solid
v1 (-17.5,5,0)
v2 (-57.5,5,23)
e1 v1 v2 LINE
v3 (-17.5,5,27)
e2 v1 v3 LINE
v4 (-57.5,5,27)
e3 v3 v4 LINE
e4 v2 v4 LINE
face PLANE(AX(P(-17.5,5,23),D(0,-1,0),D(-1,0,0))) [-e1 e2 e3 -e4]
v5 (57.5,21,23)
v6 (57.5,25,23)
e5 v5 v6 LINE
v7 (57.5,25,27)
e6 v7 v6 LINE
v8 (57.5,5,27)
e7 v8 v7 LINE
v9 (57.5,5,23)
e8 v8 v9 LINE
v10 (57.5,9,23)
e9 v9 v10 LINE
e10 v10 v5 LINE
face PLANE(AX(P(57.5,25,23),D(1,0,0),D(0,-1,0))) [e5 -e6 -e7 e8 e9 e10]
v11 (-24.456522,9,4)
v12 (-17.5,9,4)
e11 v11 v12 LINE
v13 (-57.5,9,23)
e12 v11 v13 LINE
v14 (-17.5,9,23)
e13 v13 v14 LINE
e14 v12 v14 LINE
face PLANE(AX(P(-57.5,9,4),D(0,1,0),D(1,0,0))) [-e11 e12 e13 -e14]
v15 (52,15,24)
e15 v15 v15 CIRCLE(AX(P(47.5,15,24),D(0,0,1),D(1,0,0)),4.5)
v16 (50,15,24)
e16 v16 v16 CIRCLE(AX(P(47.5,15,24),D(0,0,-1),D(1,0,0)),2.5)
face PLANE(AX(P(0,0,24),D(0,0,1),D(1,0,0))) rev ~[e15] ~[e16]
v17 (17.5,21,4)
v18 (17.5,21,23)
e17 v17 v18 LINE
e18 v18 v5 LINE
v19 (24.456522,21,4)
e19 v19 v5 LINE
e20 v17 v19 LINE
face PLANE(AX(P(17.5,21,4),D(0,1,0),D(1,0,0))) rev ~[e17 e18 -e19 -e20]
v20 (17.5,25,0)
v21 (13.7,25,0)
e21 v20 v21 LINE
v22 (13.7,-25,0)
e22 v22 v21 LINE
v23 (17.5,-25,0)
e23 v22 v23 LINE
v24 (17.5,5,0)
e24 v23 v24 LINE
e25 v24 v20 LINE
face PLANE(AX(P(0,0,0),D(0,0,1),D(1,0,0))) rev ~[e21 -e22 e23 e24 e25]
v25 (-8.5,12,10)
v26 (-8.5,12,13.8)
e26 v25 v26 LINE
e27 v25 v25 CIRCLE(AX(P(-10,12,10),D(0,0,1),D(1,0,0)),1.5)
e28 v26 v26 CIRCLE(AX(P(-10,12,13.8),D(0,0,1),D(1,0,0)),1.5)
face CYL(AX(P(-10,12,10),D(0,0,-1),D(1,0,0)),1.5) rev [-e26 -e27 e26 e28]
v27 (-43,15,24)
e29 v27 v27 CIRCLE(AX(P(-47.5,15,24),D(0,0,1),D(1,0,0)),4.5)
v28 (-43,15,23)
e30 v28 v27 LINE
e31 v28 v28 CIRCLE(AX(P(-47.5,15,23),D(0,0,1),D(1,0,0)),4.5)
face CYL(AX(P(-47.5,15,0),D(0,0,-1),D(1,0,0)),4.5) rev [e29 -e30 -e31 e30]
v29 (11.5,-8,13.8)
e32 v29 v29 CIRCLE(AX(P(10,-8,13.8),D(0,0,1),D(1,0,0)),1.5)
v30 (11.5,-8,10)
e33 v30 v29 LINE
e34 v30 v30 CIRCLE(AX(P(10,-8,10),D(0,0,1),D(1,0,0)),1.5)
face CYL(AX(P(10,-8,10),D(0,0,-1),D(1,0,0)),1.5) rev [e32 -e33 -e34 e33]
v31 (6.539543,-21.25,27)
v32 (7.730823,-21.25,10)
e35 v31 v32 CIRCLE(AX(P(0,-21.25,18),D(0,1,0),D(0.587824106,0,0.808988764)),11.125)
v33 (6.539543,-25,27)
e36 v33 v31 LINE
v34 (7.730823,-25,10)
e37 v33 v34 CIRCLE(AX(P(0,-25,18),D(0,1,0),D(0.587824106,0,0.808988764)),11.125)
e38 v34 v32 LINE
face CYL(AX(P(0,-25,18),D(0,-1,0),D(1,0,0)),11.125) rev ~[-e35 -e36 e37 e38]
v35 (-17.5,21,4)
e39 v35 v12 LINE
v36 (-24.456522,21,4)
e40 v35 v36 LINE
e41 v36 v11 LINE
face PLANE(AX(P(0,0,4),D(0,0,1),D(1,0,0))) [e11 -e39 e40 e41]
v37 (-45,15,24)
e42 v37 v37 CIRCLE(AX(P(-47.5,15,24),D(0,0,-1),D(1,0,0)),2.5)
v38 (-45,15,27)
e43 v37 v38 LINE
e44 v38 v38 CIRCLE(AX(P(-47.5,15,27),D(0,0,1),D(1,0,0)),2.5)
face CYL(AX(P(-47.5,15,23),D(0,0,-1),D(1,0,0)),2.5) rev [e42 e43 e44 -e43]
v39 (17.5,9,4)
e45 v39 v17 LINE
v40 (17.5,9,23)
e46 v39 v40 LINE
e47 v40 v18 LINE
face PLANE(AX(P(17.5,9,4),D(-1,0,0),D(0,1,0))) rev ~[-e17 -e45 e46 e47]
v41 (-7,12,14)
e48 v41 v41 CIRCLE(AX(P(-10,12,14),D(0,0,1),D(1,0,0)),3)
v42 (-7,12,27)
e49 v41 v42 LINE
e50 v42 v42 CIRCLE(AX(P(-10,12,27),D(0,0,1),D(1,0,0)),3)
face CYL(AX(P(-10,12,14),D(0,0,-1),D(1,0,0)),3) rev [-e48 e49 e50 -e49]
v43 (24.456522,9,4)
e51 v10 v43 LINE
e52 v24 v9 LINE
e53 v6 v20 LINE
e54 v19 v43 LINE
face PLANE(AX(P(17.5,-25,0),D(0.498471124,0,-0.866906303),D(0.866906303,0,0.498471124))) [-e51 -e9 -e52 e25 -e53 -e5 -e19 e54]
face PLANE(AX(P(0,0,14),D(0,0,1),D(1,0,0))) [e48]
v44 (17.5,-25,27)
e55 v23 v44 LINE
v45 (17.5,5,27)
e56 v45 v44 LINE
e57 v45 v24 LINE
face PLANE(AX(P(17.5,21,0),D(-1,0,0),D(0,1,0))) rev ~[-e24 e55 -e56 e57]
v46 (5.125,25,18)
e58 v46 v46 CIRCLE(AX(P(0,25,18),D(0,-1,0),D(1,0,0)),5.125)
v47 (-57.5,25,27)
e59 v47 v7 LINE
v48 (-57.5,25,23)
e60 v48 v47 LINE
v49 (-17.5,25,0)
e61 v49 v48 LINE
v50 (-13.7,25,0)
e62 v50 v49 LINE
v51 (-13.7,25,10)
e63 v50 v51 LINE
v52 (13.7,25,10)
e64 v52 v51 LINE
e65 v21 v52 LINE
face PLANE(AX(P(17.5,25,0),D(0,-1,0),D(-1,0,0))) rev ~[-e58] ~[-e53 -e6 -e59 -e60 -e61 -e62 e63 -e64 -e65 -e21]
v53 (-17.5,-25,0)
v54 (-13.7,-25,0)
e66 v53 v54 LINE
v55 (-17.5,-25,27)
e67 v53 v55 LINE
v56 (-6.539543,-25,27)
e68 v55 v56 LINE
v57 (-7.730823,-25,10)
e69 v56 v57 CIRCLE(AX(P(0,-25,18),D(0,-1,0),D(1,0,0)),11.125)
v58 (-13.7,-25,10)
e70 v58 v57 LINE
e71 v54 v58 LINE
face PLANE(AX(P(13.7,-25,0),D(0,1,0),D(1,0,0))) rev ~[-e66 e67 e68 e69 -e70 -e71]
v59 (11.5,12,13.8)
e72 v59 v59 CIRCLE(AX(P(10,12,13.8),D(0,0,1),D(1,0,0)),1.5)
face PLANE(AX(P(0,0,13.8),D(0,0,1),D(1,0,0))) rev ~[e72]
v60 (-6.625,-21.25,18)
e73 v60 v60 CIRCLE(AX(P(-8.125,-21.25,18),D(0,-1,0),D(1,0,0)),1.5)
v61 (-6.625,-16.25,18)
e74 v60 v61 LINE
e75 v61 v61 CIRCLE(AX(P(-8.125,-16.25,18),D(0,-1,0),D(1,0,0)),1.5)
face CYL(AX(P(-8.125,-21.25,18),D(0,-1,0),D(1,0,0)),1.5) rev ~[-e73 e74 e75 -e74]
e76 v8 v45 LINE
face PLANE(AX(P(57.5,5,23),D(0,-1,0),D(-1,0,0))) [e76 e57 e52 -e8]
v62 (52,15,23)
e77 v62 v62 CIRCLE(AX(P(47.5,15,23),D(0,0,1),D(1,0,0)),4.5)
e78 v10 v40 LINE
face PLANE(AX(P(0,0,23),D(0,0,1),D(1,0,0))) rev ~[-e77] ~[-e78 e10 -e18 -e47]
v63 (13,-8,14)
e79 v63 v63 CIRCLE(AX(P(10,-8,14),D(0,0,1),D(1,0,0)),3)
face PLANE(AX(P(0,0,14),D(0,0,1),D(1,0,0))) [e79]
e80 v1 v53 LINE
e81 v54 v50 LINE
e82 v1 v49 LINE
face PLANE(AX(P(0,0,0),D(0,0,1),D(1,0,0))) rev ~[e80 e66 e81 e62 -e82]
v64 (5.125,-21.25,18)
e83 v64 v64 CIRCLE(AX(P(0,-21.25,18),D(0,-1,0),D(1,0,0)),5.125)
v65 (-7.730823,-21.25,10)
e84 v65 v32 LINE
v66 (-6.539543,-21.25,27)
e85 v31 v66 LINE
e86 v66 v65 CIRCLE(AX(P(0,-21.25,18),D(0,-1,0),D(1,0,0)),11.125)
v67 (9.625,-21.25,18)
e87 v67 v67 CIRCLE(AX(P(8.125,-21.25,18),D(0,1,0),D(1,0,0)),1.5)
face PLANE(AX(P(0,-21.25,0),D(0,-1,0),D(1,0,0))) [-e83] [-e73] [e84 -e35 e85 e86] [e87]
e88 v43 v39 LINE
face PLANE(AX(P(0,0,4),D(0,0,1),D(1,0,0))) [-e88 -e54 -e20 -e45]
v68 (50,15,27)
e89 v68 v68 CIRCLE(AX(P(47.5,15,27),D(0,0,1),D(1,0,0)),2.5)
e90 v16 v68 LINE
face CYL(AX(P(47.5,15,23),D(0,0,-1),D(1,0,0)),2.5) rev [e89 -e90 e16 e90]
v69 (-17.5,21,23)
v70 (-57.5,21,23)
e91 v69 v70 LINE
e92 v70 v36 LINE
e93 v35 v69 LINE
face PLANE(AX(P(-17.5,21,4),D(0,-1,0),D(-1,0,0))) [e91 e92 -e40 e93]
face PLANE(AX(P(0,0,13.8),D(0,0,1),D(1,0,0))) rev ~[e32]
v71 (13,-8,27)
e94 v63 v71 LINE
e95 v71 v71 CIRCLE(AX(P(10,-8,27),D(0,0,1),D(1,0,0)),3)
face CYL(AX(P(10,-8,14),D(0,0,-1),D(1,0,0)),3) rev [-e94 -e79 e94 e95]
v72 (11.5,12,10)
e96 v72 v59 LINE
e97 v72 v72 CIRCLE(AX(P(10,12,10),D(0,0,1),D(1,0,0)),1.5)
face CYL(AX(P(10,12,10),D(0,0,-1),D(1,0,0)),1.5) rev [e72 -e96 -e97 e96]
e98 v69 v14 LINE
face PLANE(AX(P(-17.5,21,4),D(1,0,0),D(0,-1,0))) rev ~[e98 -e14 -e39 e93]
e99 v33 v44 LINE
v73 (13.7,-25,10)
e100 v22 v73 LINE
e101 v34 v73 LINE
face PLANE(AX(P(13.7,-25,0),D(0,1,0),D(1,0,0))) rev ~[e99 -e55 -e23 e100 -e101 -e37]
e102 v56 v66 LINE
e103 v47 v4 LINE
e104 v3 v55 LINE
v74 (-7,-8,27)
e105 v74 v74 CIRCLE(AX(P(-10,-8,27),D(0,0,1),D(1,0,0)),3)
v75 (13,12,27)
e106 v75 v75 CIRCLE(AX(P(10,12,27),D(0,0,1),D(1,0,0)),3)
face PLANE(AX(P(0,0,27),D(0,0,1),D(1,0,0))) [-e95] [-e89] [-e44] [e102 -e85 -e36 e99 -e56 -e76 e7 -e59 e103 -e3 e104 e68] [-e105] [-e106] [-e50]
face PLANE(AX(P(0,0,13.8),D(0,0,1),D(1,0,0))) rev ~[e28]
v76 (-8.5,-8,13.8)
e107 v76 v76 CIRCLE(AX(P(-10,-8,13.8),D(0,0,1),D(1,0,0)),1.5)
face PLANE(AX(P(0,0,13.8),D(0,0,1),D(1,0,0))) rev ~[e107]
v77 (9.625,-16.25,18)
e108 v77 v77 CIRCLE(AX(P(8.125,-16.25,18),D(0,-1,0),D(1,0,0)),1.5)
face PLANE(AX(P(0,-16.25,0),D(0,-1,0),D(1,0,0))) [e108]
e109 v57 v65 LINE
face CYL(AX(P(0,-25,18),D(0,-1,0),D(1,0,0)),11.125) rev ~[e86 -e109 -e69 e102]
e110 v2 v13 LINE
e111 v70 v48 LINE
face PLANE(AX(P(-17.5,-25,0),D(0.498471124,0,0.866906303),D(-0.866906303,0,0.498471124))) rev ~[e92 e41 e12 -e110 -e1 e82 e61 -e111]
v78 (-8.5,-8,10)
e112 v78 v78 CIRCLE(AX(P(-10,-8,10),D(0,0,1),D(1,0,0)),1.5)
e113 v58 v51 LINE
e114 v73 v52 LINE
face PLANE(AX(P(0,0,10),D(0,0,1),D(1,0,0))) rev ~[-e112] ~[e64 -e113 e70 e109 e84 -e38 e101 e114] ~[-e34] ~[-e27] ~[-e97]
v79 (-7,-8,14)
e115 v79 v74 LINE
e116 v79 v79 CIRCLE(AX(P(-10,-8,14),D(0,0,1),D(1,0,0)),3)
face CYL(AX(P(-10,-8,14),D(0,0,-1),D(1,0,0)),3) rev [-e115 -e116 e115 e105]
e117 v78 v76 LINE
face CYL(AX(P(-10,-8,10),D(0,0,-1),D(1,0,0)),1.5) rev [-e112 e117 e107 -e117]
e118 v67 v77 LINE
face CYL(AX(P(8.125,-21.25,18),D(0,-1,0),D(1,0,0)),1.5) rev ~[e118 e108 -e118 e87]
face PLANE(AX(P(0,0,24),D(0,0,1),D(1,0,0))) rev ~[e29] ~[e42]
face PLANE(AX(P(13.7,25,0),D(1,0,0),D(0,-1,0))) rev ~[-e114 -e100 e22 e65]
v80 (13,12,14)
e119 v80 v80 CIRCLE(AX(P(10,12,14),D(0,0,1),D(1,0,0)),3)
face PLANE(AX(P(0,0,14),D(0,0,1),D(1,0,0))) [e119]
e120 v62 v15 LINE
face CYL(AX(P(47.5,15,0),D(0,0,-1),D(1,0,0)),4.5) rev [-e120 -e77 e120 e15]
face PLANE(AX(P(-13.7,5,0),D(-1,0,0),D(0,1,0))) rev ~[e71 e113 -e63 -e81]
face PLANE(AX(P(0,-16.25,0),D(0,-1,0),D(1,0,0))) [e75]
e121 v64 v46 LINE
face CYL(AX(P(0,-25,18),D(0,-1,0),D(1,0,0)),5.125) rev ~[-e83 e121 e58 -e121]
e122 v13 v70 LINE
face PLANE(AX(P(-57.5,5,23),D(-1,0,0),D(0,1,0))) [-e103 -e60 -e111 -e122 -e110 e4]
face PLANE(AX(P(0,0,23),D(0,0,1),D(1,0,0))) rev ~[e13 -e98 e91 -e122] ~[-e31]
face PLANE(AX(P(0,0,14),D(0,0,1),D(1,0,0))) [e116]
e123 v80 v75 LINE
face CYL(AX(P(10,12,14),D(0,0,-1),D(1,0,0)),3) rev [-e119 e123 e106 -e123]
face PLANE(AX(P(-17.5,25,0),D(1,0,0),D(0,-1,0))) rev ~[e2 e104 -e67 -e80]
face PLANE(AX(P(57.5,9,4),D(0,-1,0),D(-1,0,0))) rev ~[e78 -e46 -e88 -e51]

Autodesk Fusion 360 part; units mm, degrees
sketch "Sketch1" plane through (0, 0, 0) normal (0, 0, 1) x (1, 0, 0)
  line L0 (17.5, 25) -> (-17.5, 25)
  line L1 (-17.5, 25) -> (-17.5, -25)
  line L2 (-17.5, -25) -> (17.5, -25)
  line L3 (17.5, -25) -> (17.5, 25)
  line L4 (17.5, 25) -> (-17.5, -25) construction
  line L5 (-17.5, 25) -> (17.5, -25) construction
  line L6 (-13.7, 25) -> (13.7, 25)
  line L7 (13.7, 25) -> (13.7, -25)
  line L8 (13.7, -25) -> (-13.7, -25)
  line L9 (-13.7, -25) -> (-13.7, 25)
  line L10 (-57.5, 25) -> (57.5, 25)
  line L11 (57.5, 25) -> (57.5, 5)
  line L12 (57.5, 5) -> (-57.5, 5)
  line L13 (-57.5, 5) -> (-57.5, 25)
  line L14 (17.5, -8) -> (-17.5, -8) construction
  line L15 (17.5, 12) -> (-17.5, 12) construction
  line L16 (-10, -25) -> (-10, 25) construction
  line L17 (10, -25) -> (10, 26.6131) construction
  circle A0 centre (10, -8) radius 1.5
  circle A1 centre (10, 12) radius 1.5
  circle A2 centre (-10, 12) radius 1.5
  circle A3 centre (-10, -8) radius 1.5
  circle A4 centre (10, 12) radius 3
  circle A5 centre (-10, 12) radius 3
  circle A6 centre (-10, -8) radius 3
  circle A7 centre (10, -8) radius 3
  circle A8 centre (47.5, 15) radius 2.5
  circle A9 centre (47.5, 15) radius 4.5
  circle A10 centre (-47.5, 15) radius 2.5
  circle A11 centre (-47.5, 15) radius 4.5
  line L18 (-17.5, 21) -> (-57.5, 21)
  line L19 (-57.5, 21) -> (-57.5, 9)
  line L20 (-57.5, 9) -> (-17.5, 9)
  line L21 (-17.5, 9) -> (-17.5, 21)
  line L22 (57.5, 9) -> (17.5, 9)
  line L23 (17.5, 9) -> (17.5, 21)
  line L24 (17.5, 21) -> (57.5, 21)
  line L25 (57.5, 21) -> (57.5, 9)
  point P0 (-47.5, 15)
  point P1 (47.5, 15)
  dimension "d1" = 35
  dimension "d2" = 50
  dimension "d5" = 27.4
  dimension "d6" = 50
  dimension "d7" = 3.8
  dimension "d10" = 115
  dimension "d11" = 20
  dimension "d12" = 40
  dimension "d16" = 7.5
  dimension "d17" = 7.5
  dimension "d19" = 13
  dimension "d20" = 3
  dimension "d21" = 3
  dimension "d22" = 3
  dimension "d23" = 3
  dimension "d30" = 6
  dimension "d31" = 6
  dimension "d32" = 6
  dimension "d33" = 6
  dimension "d40" = 5
  dimension "d41" = 9
  dimension "d42" = 5
  dimension "d43" = 9
  dimension "d52" = 40
  dimension "d53" = 12
  dimension "d54" = 12
  dimension "d71" = 20
  dimension "d81" = 10
  dimension "d82" = 10
  dimension "d83" = 10
  dimension "d84" = 10
extrude "Extrude1" add sketch "Sketch1" along normal blind 27 contours L0 L3 L7 L10 L12 L23 | L0 L6 L7 L9 L10 L12 | L0 L1 L9 L10 L12 L21 | L2 L3 L7 L12 | L2 L7 L8 L9 L12 | L1 L2 L9 L12 | A0 | A1 | A2 | A3 | A4 | A5 | A6 | A7
extrude "Extrude2" cut sketch "Sketch1" along normal blind 10 contours L0 L6 L7 L9 L10 L12 | L2 L7 L8 L9 L12 | A0 | A1 | A2 | A3 | A4 | A5 | A6 | A7
extrude "Extrude3" add sketch "Sketch1" along normal blind 4 from surface at 23 contours L0 L3 L7 L10 L12 L23 | L3 L10 L11 L24 | L0 L6 L7 L9 L10 L12 | L3 L11 L22 L23 L24 L25 | L0 L1 L9 L10 L12 L21 | L3 L11 L12 L22 | L1 L10 L13 L18 | L1 L13 L18 L19 L20 L21 | L1 L12 L13 L20 | A1 | A2 | A4 | A5 | A8 | A9 | A10 | A11
extrude "Extrude6" cut sketch "Sketch1" along normal up to surface (13 mm away) from surface at 14 contours A0 | A3 | A6 | A7
extrude "Extrude7" cut sketch "Sketch1" along normal up to surface (13 mm away) from surface at 14 contours A1 | A2 | A4 | A5
extrude "Extrude4" cut sketch "Sketch1" along normal blind 3.8 from surface at 10 contours A0 | A3
extrude "Extrude5" cut sketch "Sketch1" along normal blind 3.8 from surface at 10 contours A1 | A2
extrude "Extrude8" cut sketch "Sketch1" along normal up to surface (4 mm away) from surface at 23 contours A8 | A10
extrude "Extrude9" cut sketch "Sketch1" along normal blind 1 from surface at 23 contours A8 | A9 | A10 | A11
extrude "Extrude10" add sketch "Sketch1" along normal up to surface (23 mm away) contours L3 L10 L11 L24 | L3 L11 L22 L23 L24 L25 | L3 L11 L12 L22 | L1 L10 L13 L18 | L1 L13 L18 L19 L20 L21 | L1 L12 L13 L20
sketch "Sketch2" plane through (0, -25, 0) normal (0, -1, 0) x (1, 0, 0)
  line L0 (-17.5, 0) -> (-17.5, 23)
  line L1 (17.5, 23) -> (17.5, 0)
  line L2 (-13.7, 0) -> (-13.7, 10)
  line L3 (-13.7, 10) -> (13.7, 10)
  line L4 (13.7, 10) -> (13.7, 0)
  line L5 (13.7, 0) -> (17.5, 0)
  line L6 (17.5, 0) -> (17.5, 27)
  line L7 (17.5, 27) -> (-17.5, 27)
  line L8 (-17.5, 27) -> (-17.5, 0)
  line L9 (-17.5, 0) -> (-13.7, 0)
  line L10 (17.5, 18) -> (-17.5, 18) construction
  line L11 (0, 23) -> (0, 10) construction
  circle A0 centre (0, 18) radius 5.125
  circle A1 centre (0, 18) radius 11.125
  line L12 (11.125, 18) -> (5.125, 18)
  line L13 (11.125, 18) -> (5.125, 18) construction
  line L14 (-5.125, 18) -> (-11.125, 18) construction
  circle A2 centre (-8.125, 18) radius 1.5
  circle A3 centre (8.125, 18) radius 1.5
  line L15 (-17.5, 27) -> (-57.5, 27)
  line L16 (-57.5, 27) -> (-57.5, 0)
  line L17 (-57.5, 0) -> (-17.5, 0)
  line L18 (-17.5, 0) -> (-17.5, 27)
  line L19 (17.5, 27) -> (57.5, 27)
  line L20 (57.5, 27) -> (57.5, 0)
  line L21 (57.5, 0) -> (17.5, 0)
  line L22 (17.5, 0) -> (17.5, 27)
  line L23 (-57.5, 27) -> (-17.5, 0) construction
  line L24 (-17.5, 27) -> (-57.5, 0) construction
  line L25 (17.5, 0) -> (57.5, 27) construction
  line L26 (17.5, 27) -> (57.5, 0) construction
  line L27 (-17.5, 23) -> (-57.5, 23)
  line L28 (-57.5, 23) -> (-57.5, 4)
  line L29 (-57.5, 4) -> (-17.5, 4)
  line L30 (-17.5, 4) -> (-17.5, 23)
  line L31 (-17.5, 23) -> (-57.5, 4) construction
  line L32 (-57.5, 23) -> (-17.5, 4) construction
  line L33 (57.5, 23) -> (17.5, 23)
  line L34 (17.5, 23) -> (17.5, 4)
  line L35 (17.5, 4) -> (57.5, 4)
  line L36 (57.5, 4) -> (57.5, 23)
  line L37 (57.5, 23) -> (17.5, 4) construction
  line L38 (17.5, 23) -> (57.5, 4) construction
  line L39 (-17.5, 0) -> (-57.5, 23)
  line L40 (17.5, 0) -> (57.5, 23)
  point P0 (-37.5, 13.5)
  point P1 (37.5, 13.5)
  dimension "d64" = 8
  dimension "d65" = 10.25
  dimension "d66" = 22.25
  dimension "d74" = 3
  dimension "d75" = 3
  dimension "d85" = 40
  dimension "d86" = 27
  dimension "d87" = 40
  dimension "d88" = 27
  dimension "d89" = 19
  dimension "d90" = 40
  dimension "d91" = 19
extrude "Extrude16" cut sketch "Sketch2" against normal up to surface (50 mm away) contours L16 L17 L29 L39 | L16 L28 L29 L39 | L20 L21 L35 L40 | L20 L35 L36 L40
extrude "Extrude14" cut sketch "Sketch2" against normal blind 3.75 contours L3 L7 A1 | A0 | L12 A3 | L12 A3 | A2
extrude "Extrude13" cut sketch "Sketch2" against normal up to surface (50 mm away) contours A0
extrude "Extrude15" cut sketch "Sketch2" against normal blind 5 from surface at -3.75 contours L12 A3 | L12 A3 | A2
extrude "Extrude11" cut sketch "Sketch1" along normal up to surface (19 mm away) from surface at 4 contours L3 L11 L22 L23 L24 L25 | L1 L13 L18 L19 L20 L21
